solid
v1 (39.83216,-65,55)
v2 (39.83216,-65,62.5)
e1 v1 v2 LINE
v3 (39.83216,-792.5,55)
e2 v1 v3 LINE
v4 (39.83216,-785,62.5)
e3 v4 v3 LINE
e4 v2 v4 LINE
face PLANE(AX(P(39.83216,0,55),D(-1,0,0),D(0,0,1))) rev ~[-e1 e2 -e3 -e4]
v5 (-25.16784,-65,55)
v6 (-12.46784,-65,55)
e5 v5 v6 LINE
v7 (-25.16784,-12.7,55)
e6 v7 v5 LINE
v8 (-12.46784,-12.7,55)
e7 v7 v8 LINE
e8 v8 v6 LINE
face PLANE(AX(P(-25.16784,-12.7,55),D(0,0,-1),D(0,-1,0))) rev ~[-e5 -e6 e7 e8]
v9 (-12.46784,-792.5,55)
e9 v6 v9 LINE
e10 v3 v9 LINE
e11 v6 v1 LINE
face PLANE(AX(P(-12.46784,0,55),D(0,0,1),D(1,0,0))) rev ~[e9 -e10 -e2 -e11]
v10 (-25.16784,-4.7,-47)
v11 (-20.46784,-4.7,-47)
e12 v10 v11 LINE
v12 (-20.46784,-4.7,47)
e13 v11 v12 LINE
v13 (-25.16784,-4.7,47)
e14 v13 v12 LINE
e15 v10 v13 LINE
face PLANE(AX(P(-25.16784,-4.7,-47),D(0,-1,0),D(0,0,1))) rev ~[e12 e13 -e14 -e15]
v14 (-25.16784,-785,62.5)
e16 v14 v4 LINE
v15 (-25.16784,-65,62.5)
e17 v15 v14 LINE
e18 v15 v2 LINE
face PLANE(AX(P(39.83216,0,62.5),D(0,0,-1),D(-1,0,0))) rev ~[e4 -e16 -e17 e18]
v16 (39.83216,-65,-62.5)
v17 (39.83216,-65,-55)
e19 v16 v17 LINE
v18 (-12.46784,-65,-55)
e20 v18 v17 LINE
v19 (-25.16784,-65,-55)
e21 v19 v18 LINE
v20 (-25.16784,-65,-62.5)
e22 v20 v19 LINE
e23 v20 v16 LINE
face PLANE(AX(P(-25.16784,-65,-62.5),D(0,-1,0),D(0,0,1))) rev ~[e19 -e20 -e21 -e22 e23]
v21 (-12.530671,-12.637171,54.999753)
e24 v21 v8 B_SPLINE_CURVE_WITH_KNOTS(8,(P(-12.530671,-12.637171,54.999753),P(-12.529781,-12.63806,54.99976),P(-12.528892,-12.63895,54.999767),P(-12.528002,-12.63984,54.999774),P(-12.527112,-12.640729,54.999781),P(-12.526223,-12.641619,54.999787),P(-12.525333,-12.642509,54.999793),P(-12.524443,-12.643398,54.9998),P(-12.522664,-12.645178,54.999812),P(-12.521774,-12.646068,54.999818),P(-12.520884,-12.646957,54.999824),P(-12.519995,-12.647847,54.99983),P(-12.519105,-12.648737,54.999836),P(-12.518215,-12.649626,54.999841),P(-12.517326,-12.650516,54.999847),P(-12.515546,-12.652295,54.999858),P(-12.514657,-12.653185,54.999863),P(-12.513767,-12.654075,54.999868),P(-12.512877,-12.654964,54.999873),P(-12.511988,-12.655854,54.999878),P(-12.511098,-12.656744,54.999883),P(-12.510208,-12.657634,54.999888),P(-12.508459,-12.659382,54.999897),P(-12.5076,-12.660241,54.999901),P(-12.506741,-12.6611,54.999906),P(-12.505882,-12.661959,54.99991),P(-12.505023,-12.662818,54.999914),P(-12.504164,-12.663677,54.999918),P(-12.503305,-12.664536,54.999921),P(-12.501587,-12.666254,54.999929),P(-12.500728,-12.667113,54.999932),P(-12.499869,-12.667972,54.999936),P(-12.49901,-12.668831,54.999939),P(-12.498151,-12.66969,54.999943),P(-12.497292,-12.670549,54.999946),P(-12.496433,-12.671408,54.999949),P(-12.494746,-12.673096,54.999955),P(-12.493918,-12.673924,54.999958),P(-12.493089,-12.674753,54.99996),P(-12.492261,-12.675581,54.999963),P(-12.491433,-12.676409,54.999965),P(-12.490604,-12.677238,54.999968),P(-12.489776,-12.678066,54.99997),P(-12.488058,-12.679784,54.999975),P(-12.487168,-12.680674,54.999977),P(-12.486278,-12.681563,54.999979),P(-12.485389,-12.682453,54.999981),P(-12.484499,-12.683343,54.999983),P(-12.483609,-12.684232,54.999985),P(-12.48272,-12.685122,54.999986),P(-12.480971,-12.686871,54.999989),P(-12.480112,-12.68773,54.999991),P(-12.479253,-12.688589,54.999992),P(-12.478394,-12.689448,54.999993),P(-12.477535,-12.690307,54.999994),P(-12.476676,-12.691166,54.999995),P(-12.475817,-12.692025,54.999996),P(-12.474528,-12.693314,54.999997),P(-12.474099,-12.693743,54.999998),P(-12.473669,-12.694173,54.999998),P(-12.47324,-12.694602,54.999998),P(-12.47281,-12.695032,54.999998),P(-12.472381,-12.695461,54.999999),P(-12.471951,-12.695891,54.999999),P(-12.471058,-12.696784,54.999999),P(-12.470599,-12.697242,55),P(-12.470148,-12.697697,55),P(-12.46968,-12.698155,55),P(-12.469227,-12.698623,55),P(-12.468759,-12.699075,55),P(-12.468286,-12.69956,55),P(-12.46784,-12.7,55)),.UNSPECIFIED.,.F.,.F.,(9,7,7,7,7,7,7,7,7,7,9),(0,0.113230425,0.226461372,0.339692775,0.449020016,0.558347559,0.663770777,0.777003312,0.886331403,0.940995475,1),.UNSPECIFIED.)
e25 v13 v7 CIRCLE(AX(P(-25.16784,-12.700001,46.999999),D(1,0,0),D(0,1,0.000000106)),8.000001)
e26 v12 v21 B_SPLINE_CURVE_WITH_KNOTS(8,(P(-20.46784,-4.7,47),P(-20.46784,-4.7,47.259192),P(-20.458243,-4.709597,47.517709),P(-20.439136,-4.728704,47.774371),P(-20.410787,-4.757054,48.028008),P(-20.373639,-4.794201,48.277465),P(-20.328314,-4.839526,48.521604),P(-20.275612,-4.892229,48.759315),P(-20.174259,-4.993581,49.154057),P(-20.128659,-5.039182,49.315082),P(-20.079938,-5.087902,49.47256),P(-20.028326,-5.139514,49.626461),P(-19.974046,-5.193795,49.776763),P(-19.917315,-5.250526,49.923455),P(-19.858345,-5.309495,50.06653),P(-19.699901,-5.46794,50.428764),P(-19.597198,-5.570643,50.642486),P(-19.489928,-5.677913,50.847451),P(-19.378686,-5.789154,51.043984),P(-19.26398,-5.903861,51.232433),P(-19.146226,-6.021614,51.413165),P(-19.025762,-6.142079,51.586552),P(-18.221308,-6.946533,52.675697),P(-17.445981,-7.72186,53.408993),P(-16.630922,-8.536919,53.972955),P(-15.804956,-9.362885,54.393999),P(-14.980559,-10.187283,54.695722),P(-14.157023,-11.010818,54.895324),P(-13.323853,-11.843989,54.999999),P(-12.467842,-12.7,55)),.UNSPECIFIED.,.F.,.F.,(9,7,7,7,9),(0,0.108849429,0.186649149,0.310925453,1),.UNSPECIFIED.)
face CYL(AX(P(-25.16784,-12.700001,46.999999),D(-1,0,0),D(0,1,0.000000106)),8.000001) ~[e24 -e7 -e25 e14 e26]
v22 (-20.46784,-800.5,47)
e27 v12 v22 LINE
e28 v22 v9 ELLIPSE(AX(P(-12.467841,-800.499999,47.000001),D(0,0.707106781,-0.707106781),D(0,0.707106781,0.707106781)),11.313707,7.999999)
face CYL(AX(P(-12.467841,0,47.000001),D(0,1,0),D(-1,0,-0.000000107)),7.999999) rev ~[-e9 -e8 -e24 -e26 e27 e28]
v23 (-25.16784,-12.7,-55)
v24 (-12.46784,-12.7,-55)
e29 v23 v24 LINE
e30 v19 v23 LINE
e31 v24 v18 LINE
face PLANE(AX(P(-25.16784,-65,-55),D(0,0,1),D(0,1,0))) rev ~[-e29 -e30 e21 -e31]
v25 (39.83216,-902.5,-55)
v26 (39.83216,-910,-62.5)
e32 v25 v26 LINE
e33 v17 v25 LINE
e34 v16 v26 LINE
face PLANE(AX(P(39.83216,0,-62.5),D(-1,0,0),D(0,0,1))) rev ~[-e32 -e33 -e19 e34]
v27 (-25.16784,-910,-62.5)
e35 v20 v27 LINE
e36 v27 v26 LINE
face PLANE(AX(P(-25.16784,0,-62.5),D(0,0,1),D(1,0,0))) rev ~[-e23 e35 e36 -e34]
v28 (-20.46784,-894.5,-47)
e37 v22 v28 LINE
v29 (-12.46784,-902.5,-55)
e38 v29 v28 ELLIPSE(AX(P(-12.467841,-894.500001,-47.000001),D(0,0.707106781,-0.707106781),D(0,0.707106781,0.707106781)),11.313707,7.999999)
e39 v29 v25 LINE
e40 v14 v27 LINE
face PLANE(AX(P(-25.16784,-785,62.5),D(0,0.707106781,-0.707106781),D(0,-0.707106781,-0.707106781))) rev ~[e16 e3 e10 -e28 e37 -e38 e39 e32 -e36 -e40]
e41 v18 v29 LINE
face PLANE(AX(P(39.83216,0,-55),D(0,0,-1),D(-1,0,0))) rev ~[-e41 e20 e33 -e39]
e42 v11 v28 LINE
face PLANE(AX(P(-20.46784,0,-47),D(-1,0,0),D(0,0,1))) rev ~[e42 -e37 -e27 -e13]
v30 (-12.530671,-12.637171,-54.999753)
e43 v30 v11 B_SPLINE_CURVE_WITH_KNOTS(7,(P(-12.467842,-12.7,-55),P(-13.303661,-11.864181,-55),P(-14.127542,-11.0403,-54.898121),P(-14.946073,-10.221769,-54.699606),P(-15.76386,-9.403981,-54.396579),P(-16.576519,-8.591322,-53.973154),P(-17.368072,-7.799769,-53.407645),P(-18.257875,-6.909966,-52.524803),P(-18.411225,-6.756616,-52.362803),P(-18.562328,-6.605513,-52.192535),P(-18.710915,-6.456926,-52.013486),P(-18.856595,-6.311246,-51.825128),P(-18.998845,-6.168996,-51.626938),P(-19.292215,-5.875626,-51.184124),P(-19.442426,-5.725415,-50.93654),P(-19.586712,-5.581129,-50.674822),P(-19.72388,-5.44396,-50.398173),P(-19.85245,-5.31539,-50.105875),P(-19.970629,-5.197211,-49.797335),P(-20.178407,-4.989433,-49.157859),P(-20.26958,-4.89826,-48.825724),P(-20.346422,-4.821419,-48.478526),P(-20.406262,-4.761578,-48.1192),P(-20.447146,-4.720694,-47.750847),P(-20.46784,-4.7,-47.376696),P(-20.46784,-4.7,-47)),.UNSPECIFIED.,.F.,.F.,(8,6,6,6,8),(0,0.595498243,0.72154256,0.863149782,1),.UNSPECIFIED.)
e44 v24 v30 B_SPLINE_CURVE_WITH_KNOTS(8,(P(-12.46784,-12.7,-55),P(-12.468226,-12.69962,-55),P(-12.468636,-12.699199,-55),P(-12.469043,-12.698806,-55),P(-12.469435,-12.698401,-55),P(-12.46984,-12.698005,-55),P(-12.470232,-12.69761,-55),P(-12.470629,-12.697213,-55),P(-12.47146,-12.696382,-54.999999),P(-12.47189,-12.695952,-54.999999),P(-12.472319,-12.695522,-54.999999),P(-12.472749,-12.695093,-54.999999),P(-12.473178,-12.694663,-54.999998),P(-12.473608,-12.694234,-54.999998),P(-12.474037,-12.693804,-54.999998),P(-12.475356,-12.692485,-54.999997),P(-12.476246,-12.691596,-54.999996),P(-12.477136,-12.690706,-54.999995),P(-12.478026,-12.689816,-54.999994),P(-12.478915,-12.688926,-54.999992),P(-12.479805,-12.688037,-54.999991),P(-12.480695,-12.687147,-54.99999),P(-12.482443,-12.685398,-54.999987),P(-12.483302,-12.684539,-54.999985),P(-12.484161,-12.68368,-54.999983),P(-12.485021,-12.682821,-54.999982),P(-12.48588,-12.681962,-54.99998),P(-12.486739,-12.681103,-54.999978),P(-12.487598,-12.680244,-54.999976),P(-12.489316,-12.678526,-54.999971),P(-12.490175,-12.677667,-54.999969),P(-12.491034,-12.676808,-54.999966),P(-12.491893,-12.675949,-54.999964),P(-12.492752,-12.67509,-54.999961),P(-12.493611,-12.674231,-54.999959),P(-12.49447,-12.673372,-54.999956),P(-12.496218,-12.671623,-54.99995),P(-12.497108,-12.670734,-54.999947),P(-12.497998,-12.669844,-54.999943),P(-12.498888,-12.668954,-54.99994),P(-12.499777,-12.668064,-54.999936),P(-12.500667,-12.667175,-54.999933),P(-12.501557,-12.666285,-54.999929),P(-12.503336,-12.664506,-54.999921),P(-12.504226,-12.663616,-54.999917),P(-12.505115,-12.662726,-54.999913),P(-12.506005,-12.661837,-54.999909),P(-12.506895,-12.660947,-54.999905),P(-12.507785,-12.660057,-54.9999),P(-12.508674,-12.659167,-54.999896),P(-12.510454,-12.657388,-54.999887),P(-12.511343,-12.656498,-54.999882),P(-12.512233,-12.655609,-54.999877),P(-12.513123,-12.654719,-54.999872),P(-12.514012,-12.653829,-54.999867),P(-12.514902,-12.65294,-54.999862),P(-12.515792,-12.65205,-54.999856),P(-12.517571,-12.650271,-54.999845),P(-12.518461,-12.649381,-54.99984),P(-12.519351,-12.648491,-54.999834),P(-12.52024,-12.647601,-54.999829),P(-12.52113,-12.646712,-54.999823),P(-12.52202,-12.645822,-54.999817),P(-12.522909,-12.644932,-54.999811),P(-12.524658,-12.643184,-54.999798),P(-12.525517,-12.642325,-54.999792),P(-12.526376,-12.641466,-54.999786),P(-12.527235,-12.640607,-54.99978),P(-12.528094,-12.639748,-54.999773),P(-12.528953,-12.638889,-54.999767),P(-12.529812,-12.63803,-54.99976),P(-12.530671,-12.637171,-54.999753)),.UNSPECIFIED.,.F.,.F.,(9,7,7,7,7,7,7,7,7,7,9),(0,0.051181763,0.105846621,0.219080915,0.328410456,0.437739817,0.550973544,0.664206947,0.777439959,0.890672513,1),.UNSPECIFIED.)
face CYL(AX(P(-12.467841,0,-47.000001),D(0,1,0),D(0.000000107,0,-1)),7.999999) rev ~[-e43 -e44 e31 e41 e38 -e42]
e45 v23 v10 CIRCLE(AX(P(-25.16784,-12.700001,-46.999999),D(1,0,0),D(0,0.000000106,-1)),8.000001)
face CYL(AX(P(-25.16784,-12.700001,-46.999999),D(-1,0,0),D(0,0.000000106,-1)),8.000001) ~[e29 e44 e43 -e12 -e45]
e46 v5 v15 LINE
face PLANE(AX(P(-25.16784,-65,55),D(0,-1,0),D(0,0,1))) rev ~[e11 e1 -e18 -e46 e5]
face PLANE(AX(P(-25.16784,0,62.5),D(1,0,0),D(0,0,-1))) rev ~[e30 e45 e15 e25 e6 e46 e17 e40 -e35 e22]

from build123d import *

# Parameters (mm, degrees)
F1_DEPTH = 910
F3_DEPTH = 65.001


with BuildPart() as f1:
    # F0 (on Front) → F1 (new body)
    with BuildSketch(Plane.XZ):
        with BuildLine():
            Line((-25.16784, 62.5), (-25.16784, -62.5))
            Line((-25.16784, -62.5), (39.83216, -62.5))
            Line((39.83216, -62.5), (39.83216, -55))
            Line((39.83216, -55), (-12.46784, -55))
            ThreePointArc((-12.46784, -55), (-18.124695, -52.656854), (-20.46784, -47))
            Line((-20.46784, -47), (-20.46784, 47))
            ThreePointArc((-20.46784, 47), (-18.124695, 52.656854), (-12.46784, 55))
            Line((-12.46784, 55), (39.83216, 55))
            Line((39.83216, 55), (39.83216, 62.5))
            Line((39.83216, 62.5), (-25.16784, 62.5))
        make_face()
    extrude(amount=F1_DEPTH)

    # F2 (on face) → F3 (cut, through all)
    with BuildSketch(Plane(origin=(-25.16784, 0, 0), x_dir=(0, -1, 0), z_dir=(-1, 0, 0))):
        with BuildLine():
            Line((0, 62.5), (0, -62.5))
            Line((0, -62.5), (65, -62.5))
            Line((65, -62.5), (65, -55))
            Line((65, -55), (12.7, -55))
            ThreePointArc((12.7, -55), (7.043146, -52.656854), (4.7, -47))
            Line((4.7, -47), (4.7, 47))
            ThreePointArc((4.7, 47), (7.043146, 52.656854), (12.7, 55))
            Line((12.7, 55), (65, 55))
            Line((65, 55), (65, 62.5))
            Line((65, 62.5), (0, 62.5))
        make_face()
        Polygon((785, 62.5), (910, -62.5), (910, 62.5), align=None)
    extrude(amount=-F3_DEPTH, mode=Mode.SUBTRACT)


solid = f1.part
